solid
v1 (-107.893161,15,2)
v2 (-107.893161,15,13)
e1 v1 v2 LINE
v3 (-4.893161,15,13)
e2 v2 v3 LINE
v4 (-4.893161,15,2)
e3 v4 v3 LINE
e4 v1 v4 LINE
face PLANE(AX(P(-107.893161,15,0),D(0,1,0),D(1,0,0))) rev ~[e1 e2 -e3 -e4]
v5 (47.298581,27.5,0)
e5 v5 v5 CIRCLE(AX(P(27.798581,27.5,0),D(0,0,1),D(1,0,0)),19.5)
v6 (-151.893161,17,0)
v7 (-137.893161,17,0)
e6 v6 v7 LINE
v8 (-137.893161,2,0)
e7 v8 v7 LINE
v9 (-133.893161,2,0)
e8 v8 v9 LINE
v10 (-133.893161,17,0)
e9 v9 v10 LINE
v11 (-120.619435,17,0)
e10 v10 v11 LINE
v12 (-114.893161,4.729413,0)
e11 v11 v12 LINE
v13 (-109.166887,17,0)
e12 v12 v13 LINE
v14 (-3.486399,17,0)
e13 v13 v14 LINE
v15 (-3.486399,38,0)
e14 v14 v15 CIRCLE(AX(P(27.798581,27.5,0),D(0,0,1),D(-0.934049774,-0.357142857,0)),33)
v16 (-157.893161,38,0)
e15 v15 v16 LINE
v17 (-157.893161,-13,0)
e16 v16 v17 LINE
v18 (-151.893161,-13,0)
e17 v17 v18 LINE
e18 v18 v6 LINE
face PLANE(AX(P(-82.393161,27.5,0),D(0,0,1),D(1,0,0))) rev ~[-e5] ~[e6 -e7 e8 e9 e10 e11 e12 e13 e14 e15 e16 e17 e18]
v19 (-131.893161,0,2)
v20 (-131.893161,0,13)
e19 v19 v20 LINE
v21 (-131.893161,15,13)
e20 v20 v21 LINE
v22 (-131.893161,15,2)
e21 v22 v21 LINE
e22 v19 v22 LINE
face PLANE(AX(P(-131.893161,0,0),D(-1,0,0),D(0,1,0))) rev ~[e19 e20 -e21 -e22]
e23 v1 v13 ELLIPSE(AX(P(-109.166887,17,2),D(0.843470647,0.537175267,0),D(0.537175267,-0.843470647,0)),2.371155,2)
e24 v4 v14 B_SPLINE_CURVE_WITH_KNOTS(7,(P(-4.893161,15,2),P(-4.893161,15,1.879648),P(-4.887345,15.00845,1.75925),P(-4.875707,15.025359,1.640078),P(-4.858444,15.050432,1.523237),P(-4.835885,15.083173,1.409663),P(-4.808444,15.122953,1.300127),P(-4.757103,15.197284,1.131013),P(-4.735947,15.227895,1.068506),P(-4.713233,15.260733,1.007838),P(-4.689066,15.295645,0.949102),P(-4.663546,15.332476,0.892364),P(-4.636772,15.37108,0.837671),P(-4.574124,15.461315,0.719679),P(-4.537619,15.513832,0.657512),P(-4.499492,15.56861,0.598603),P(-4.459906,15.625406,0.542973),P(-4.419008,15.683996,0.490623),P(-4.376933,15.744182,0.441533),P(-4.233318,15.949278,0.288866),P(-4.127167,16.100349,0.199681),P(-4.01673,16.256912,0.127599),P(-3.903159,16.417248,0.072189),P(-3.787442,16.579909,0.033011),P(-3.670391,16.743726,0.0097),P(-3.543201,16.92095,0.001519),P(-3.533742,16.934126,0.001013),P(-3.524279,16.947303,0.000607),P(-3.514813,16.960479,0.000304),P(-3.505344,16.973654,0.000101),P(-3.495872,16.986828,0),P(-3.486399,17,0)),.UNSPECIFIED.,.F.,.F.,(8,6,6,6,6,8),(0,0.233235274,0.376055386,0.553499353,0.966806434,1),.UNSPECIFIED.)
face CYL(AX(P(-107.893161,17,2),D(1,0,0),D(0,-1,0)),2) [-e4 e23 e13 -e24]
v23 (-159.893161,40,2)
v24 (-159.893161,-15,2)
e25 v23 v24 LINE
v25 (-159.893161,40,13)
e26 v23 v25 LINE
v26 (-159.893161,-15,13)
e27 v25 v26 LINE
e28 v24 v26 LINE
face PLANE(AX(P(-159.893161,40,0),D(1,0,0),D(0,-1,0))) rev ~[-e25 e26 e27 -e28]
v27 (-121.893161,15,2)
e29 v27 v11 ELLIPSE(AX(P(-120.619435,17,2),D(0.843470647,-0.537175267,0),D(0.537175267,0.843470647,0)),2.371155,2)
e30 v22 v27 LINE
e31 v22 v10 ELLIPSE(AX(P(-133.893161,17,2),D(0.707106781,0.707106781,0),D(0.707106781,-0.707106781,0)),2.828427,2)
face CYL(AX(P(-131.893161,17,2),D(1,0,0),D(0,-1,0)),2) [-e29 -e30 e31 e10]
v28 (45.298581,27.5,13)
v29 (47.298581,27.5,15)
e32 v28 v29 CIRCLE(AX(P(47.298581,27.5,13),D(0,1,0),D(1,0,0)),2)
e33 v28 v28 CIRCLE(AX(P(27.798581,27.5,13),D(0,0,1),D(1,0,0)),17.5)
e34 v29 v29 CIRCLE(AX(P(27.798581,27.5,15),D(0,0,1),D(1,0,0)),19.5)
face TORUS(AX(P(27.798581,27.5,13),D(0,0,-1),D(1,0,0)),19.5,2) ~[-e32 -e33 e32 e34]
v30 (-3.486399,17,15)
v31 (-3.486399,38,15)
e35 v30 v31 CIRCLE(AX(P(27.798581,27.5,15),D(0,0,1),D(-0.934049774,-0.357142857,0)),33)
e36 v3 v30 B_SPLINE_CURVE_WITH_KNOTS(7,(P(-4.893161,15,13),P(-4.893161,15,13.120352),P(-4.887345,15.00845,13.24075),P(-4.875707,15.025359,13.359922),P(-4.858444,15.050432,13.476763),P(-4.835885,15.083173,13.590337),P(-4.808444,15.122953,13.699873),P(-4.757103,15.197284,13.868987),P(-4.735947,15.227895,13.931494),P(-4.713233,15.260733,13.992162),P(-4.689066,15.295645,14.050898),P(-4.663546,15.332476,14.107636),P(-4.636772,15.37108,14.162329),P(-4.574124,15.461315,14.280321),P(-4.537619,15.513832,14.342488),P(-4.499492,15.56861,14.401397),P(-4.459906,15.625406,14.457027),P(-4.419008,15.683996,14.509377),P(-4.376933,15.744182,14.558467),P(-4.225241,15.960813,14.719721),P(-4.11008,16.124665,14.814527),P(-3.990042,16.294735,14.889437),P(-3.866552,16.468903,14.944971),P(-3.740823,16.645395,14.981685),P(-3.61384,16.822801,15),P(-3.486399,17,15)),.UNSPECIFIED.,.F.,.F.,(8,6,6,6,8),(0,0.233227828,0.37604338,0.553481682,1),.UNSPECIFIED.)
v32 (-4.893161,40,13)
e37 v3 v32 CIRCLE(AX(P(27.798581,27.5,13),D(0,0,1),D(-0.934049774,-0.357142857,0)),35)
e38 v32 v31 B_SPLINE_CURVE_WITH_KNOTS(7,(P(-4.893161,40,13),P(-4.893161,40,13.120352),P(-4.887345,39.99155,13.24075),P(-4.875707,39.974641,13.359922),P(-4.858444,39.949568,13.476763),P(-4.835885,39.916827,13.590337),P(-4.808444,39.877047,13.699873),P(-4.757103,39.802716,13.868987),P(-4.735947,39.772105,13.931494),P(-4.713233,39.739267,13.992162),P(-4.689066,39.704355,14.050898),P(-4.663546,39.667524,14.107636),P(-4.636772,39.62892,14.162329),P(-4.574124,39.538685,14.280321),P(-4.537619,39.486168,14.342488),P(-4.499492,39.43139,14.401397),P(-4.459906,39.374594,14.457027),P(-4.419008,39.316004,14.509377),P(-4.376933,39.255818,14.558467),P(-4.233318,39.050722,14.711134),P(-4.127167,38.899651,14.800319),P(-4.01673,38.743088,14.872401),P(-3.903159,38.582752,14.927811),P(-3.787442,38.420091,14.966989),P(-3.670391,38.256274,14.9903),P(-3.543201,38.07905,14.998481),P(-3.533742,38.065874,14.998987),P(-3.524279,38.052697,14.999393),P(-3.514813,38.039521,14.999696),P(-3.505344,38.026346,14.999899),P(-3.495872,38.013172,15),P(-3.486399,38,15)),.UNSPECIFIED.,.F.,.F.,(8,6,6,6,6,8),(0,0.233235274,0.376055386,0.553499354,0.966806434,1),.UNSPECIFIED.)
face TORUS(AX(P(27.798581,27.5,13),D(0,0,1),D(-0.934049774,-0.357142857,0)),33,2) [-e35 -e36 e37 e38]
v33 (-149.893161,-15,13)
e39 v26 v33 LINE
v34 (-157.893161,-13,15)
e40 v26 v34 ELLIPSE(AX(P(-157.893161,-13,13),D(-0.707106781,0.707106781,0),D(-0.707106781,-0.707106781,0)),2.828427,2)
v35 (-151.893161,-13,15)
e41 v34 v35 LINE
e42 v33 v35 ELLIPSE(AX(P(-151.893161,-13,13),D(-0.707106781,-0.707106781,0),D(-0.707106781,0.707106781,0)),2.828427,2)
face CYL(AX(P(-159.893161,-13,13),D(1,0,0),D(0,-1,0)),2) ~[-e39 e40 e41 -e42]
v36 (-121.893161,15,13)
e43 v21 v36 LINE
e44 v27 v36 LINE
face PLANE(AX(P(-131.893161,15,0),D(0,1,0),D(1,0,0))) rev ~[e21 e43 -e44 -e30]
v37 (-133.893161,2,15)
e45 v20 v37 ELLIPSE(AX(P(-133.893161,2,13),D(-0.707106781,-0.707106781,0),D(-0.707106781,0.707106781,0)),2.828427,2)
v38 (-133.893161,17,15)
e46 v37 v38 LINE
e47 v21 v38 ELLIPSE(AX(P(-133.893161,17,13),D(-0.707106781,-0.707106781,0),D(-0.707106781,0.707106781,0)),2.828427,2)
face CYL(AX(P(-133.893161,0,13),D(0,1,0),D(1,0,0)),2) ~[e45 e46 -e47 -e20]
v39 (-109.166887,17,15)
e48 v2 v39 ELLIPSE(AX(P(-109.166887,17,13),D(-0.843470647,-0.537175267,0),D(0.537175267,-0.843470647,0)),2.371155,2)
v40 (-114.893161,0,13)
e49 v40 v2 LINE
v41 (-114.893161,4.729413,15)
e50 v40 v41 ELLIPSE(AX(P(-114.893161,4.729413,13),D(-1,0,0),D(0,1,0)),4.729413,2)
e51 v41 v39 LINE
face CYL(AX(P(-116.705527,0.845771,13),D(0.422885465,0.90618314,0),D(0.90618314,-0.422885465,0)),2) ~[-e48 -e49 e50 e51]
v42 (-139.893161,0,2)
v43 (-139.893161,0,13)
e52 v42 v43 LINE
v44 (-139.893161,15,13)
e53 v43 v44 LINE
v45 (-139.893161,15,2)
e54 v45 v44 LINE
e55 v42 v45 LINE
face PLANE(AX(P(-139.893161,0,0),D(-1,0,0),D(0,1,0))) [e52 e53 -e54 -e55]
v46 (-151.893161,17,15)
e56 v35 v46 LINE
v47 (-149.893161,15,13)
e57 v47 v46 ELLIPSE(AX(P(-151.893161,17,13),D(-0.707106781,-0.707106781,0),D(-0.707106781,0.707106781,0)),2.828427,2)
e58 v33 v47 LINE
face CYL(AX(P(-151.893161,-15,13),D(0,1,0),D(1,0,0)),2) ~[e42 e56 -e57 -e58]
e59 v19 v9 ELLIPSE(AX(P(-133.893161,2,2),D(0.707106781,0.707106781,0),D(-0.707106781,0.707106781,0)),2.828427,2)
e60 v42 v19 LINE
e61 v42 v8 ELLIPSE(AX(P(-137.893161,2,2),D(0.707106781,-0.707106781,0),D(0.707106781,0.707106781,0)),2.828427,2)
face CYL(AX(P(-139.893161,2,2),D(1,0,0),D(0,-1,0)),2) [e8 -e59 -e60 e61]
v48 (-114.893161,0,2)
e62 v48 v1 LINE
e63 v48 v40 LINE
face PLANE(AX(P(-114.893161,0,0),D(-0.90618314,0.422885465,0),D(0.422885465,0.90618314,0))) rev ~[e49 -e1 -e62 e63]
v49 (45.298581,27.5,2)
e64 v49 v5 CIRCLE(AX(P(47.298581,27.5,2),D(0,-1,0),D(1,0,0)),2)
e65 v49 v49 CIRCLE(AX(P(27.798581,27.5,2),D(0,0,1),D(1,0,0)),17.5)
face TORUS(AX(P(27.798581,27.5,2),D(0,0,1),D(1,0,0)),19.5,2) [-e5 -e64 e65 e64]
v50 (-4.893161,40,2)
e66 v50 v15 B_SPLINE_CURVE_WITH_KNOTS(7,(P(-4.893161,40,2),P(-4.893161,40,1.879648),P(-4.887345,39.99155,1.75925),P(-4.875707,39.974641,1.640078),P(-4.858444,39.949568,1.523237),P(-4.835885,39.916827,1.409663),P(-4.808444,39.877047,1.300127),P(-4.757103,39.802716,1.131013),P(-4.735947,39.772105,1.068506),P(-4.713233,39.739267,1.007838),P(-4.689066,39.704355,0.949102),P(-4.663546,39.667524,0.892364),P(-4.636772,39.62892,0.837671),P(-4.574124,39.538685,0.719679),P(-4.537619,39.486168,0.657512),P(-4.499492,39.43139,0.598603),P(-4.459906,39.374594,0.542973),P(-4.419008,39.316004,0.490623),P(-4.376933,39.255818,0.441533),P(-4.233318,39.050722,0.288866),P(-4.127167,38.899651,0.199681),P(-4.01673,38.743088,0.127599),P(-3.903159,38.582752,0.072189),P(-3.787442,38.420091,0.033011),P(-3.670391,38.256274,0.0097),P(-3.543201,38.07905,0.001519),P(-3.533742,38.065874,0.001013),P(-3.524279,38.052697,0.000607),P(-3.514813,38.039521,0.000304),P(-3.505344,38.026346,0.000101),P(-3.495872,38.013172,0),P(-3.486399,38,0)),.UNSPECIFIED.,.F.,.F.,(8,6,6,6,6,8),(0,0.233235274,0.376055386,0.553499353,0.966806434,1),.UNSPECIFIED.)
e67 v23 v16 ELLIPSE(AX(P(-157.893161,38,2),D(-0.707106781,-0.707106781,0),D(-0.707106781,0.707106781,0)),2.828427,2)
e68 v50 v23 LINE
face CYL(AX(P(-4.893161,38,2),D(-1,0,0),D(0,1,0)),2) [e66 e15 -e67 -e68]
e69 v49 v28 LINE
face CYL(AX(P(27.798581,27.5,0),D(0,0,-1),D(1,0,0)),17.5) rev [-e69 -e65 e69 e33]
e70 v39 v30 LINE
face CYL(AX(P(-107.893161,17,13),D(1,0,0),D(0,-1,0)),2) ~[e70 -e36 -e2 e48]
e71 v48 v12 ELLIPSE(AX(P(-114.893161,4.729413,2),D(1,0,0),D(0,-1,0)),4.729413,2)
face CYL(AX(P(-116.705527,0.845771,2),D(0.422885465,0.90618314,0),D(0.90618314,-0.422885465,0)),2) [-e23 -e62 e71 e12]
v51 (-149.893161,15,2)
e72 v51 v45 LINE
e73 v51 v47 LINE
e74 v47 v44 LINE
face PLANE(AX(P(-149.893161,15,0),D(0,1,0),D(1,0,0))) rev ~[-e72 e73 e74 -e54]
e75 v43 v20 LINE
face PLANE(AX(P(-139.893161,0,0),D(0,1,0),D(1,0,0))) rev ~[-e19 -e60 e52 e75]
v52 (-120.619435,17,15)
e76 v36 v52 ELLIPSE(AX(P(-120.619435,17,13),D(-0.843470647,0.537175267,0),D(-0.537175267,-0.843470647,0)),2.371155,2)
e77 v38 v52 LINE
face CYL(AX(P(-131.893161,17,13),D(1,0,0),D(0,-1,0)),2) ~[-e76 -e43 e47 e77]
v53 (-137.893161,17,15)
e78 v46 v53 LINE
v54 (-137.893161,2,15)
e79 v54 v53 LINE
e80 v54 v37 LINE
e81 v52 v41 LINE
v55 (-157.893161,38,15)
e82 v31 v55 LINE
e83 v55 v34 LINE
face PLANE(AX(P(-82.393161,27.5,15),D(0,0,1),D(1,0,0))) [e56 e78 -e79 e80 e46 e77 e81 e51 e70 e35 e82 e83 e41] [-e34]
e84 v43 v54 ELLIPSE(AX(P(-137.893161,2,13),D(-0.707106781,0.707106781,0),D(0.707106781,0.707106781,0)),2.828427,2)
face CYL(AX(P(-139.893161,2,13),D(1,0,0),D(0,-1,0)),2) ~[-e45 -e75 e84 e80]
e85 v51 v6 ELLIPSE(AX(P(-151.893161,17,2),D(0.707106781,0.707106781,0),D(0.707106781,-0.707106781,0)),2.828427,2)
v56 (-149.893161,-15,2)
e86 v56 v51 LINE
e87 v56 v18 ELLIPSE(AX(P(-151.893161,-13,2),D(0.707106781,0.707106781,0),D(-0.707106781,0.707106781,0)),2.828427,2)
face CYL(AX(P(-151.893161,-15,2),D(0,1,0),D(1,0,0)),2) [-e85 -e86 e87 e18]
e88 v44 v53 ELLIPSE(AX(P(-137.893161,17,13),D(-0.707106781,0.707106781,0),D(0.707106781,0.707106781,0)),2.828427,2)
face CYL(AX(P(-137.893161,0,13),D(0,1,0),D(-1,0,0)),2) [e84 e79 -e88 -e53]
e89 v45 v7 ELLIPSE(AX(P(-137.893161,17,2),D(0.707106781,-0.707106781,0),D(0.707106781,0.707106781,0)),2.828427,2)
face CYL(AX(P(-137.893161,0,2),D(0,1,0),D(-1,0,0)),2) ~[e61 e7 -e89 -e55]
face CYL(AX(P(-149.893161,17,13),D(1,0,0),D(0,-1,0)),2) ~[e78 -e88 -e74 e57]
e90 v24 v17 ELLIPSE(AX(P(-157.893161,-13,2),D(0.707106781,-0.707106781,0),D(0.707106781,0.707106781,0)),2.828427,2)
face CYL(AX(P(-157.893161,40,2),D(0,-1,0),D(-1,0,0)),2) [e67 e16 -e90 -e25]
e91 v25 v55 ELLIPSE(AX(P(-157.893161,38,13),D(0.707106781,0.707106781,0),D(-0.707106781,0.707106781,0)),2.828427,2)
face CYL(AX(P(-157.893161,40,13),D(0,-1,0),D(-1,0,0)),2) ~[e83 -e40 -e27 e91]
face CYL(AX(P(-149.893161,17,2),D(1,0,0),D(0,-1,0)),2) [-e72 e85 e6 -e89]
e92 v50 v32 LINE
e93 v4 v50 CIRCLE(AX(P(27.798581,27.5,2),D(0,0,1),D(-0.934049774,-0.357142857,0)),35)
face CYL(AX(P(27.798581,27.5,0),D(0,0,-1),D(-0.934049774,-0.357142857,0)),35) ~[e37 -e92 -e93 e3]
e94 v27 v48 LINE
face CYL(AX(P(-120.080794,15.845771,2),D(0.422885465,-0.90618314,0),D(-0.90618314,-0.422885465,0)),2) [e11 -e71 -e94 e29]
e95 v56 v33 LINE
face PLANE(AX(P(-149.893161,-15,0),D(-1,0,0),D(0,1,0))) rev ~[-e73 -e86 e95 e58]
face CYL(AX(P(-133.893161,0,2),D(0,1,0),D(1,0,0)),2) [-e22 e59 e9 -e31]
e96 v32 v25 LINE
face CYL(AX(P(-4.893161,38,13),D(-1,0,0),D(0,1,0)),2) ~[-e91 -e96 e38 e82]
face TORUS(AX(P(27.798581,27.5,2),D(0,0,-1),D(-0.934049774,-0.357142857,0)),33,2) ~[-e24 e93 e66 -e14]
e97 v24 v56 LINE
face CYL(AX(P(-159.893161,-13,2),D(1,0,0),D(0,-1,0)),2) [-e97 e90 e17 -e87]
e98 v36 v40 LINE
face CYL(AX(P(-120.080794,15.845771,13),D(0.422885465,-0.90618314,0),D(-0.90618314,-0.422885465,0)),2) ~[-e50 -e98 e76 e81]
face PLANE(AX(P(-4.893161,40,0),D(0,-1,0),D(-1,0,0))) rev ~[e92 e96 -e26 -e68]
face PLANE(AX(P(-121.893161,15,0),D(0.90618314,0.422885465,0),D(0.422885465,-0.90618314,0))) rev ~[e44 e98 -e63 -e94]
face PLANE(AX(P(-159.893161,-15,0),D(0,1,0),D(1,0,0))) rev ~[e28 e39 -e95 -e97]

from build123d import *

# Parameters (mm, degrees)
F0_R     = 17.5
F0_W     = 10
F0_H     = 30
F0_W_2   = 8
F0_H_2   = 15
F1_DEPTH = 15
F2_R     = 2


with BuildPart() as f1:
    # F0 (on Top) → F1 (new body)
    with BuildSketch(Plane.XY):
        Polygon((-4.8931607604, 15), (-4.8931607604, 40), (-159.8931607604, 40), (-159.8931607604, 15), (-149.8931607604, 15), (-139.8931607604, 15), (-131.8931607604, 15), (-121.8931607604, 15), (-107.8931607604, 15), align=None)
        with BuildLine():
            ThreePointArc((-4.8931607604, 15), (62.7985813162, 27.5), (-4.8931607604, 40))
            Line((-4.8931607604, 40), (-4.8931607604, 15))
        make_face()
        with Locations((27.7985813162, 27.5)):
            Circle(F0_R, mode=Mode.SUBTRACT)
        with Locations((-154.8931607604, 0)):
            Rectangle(F0_W, F0_H)
        Polygon((-114.8931607604, 0), (-107.8931607604, 15), (-121.8931607604, 15), align=None)
        with Locations((-135.8931607604, 7.5)):
            Rectangle(F0_W_2, F0_H_2)
    extrude(amount=F1_DEPTH)

    # F2
    f2_edges = [f1.edges().sort_by_distance(p)[0] for p in [
        (62.798581, 27.5, 15),
        (-82.393161, 40, 15),
        (10.298581, 27.5, 15),
        (-56.393161, 15, 15),
        (-111.393161, 7.5, 15),
        (-131.893161, 7.5, 15),
        (-118.393161, 7.5, 15),
        (-126.893161, 15, 15),
        (-149.893161, 0, 15),
        (-144.893161, 15, 15),
        (-139.893161, 7.5, 15),
        (-159.893161, 12.5, 15),
        (-154.893161, -15, 15),
        (-135.893161, 0, 15),
        (62.798581, 27.5, 0),
        (10.298581, 27.5, 0),
        (-56.393161, 15, 0),
        (-82.393161, 40, 0),
        (-126.893161, 15, 0),
        (-118.393161, 7.5, 0),
        (-139.893161, 7.5, 0),
        (-111.393161, 7.5, 0),
        (-131.893161, 7.5, 0),
        (-135.893161, 0, 0),
        (-144.893161, 15, 0),
        (-149.893161, 0, 0),
        (-154.893161, -15, 0),
        (-159.893161, 12.5, 0),
    ]]
    fillet(f2_edges, radius=F2_R)


solid = f1.part
